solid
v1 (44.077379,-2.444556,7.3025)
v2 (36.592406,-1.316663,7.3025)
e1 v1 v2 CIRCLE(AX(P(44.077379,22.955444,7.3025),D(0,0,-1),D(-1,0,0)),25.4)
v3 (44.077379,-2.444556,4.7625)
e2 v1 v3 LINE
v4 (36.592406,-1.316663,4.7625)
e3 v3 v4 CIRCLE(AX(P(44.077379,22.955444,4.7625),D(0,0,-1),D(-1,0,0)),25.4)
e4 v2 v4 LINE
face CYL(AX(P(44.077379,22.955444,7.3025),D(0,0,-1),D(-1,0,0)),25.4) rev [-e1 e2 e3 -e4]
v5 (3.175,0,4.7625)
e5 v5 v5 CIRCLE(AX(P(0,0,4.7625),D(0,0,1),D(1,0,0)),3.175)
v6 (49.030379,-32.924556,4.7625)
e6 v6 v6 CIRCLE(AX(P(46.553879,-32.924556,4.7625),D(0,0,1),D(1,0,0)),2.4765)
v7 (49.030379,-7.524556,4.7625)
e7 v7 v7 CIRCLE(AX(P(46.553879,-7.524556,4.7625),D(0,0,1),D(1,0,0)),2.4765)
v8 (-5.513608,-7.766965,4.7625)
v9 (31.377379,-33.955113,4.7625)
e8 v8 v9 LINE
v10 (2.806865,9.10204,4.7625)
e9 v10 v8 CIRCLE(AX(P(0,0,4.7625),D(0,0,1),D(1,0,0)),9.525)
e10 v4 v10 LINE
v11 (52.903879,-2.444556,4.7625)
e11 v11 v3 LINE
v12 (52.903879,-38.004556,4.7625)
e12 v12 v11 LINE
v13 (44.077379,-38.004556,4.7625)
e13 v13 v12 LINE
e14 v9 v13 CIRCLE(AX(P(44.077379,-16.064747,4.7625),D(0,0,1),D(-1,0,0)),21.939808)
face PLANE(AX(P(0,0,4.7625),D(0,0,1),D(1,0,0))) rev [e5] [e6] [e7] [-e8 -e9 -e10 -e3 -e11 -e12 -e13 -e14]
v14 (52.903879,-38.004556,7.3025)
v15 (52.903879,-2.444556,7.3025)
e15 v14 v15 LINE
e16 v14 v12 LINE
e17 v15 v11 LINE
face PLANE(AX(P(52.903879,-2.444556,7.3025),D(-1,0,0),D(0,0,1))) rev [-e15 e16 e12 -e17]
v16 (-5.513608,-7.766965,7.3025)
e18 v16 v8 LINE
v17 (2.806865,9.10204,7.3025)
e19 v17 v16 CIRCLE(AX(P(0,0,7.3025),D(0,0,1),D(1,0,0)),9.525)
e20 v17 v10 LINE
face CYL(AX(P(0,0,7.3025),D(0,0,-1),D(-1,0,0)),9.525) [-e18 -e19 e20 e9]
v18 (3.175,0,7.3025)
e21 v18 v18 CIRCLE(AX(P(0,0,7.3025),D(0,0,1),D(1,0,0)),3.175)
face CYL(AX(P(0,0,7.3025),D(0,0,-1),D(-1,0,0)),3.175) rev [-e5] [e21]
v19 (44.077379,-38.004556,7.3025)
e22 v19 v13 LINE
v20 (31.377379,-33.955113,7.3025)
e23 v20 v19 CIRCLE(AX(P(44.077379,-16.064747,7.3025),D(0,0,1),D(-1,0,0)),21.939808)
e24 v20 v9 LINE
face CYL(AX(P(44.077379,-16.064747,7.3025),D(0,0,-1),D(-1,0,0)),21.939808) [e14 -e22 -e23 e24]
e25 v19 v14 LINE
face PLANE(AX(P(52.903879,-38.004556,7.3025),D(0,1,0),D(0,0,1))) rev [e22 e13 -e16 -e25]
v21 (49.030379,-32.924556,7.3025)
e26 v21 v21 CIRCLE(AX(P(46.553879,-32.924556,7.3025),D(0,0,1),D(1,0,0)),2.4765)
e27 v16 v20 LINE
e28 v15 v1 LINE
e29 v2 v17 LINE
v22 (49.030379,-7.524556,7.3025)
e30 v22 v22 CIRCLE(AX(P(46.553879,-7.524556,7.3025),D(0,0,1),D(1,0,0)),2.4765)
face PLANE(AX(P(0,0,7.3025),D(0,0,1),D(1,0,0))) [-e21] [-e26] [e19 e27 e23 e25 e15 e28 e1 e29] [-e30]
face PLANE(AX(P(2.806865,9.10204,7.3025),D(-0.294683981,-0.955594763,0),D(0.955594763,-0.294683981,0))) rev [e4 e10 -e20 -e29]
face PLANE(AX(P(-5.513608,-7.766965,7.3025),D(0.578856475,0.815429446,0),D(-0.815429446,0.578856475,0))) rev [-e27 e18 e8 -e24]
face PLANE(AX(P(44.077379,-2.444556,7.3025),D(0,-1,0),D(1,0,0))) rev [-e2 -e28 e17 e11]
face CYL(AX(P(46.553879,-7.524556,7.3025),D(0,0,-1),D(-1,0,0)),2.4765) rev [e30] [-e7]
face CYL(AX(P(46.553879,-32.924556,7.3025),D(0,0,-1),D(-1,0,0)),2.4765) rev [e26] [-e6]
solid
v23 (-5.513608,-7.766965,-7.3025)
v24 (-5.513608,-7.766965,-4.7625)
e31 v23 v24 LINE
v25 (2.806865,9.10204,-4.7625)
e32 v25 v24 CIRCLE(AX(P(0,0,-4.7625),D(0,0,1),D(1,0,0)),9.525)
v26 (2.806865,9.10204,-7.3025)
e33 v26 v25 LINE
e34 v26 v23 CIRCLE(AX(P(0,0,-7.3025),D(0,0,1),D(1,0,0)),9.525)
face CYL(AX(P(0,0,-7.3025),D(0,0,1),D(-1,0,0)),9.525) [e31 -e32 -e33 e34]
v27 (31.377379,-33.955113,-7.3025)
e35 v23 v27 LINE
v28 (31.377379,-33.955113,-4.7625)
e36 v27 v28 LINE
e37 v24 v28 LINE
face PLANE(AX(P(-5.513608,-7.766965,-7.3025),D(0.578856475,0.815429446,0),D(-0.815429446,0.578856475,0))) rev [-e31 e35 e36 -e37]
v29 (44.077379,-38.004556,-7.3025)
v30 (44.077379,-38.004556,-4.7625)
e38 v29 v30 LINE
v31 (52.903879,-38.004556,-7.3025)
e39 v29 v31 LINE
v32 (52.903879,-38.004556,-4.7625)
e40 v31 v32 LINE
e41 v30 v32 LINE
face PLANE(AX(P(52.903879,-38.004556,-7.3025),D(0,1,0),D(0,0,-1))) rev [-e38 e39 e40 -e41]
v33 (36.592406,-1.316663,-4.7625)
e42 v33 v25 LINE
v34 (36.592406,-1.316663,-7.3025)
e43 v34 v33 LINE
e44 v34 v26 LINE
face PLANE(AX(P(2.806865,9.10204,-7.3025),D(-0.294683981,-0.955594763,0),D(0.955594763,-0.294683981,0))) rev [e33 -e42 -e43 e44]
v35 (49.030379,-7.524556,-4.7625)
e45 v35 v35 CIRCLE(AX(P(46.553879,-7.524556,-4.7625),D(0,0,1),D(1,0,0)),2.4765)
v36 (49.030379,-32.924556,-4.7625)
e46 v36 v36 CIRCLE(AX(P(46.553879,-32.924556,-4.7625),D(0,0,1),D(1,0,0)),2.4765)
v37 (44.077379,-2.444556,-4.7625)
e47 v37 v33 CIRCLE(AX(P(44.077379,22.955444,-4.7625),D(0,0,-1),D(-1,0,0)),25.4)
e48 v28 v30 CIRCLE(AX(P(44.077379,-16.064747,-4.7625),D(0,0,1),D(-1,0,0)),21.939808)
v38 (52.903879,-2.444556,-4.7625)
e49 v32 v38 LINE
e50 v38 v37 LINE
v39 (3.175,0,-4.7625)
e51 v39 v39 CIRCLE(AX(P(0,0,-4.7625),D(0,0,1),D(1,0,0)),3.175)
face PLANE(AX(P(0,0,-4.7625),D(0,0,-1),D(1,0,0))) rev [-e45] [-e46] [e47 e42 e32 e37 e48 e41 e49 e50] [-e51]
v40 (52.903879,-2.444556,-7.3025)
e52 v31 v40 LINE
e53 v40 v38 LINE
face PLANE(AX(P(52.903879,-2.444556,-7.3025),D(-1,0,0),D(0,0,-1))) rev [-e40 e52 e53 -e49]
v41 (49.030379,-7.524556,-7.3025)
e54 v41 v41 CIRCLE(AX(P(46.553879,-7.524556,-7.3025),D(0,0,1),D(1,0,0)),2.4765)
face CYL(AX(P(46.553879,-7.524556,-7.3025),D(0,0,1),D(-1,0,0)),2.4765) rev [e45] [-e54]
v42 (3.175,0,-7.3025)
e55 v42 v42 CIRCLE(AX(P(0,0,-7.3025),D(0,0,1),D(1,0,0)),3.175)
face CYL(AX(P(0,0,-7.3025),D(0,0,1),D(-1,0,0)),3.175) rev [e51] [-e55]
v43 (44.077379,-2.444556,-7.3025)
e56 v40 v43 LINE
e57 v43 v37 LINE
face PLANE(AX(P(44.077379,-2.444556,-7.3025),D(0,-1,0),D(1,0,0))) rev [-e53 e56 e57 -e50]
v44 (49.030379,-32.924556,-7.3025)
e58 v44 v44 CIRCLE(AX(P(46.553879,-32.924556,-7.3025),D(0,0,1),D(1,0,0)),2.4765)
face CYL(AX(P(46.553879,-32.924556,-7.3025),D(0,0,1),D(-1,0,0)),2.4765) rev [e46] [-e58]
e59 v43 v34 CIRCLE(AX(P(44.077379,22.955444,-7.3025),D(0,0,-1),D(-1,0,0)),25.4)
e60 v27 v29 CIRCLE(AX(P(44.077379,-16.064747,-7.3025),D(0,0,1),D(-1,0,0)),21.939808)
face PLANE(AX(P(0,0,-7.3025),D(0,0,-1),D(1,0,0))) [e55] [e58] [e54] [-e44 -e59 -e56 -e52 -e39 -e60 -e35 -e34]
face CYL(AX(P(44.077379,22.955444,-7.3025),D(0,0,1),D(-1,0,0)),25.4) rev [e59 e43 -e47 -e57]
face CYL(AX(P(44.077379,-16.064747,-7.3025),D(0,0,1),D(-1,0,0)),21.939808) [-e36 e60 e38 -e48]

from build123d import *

# Parameters (mm, degrees)
STEERING_START     = 4.7625
SKETCH1_R          = 2.4765
SKETCH1_R_2        = 3.175
STEERING_ARM_DEPTH = 2.54


with BuildPart() as part:
    # Sketch1 → Steering Arm (new body)
    with BuildSketch(Plane.XY.offset(STEERING_START)):
        with BuildLine():
            Line((2.806864922, 9.102040118), (36.59240598, -1.316662595))
            ThreePointArc((36.59240598, -1.316662595), (40.292641158, -2.160999603), (44.077379106, -2.444555614))
            Line((44.077379106, -2.444555614), (52.903879106, -2.444555614))
            Line((52.903879106, -2.444555614), (52.903879106, -38.004555614))
            Line((52.903879106, -38.004555614), (44.077379106, -38.004555614))
            ThreePointArc((44.077379106, -38.004555614), (37.412396269, -36.967694276), (31.377379106, -33.955113074))
            Line((31.377379106, -33.955113074), (-5.513607921, -7.766965476))
            ThreePointArc((-5.513607921, -7.766965476), (-8.542391459, 4.213451454), (2.806864922, 9.102040118))
        make_face()
        with Locations((46.553879106, -7.524555614)):
            Circle(SKETCH1_R, mode=Mode.SUBTRACT)
        with Locations((46.553879106, -32.924555614)):
            Circle(SKETCH1_R, mode=Mode.SUBTRACT)
        Circle(SKETCH1_R_2, mode=Mode.SUBTRACT)
    extrude(amount=STEERING_ARM_DEPTH)


with BuildPart() as body_2:
    # Steering Arm Mirror: mirrored copy
    add(part.part.mirror(Plane.XY))


solid = Compound([part.part, body_2.part])
